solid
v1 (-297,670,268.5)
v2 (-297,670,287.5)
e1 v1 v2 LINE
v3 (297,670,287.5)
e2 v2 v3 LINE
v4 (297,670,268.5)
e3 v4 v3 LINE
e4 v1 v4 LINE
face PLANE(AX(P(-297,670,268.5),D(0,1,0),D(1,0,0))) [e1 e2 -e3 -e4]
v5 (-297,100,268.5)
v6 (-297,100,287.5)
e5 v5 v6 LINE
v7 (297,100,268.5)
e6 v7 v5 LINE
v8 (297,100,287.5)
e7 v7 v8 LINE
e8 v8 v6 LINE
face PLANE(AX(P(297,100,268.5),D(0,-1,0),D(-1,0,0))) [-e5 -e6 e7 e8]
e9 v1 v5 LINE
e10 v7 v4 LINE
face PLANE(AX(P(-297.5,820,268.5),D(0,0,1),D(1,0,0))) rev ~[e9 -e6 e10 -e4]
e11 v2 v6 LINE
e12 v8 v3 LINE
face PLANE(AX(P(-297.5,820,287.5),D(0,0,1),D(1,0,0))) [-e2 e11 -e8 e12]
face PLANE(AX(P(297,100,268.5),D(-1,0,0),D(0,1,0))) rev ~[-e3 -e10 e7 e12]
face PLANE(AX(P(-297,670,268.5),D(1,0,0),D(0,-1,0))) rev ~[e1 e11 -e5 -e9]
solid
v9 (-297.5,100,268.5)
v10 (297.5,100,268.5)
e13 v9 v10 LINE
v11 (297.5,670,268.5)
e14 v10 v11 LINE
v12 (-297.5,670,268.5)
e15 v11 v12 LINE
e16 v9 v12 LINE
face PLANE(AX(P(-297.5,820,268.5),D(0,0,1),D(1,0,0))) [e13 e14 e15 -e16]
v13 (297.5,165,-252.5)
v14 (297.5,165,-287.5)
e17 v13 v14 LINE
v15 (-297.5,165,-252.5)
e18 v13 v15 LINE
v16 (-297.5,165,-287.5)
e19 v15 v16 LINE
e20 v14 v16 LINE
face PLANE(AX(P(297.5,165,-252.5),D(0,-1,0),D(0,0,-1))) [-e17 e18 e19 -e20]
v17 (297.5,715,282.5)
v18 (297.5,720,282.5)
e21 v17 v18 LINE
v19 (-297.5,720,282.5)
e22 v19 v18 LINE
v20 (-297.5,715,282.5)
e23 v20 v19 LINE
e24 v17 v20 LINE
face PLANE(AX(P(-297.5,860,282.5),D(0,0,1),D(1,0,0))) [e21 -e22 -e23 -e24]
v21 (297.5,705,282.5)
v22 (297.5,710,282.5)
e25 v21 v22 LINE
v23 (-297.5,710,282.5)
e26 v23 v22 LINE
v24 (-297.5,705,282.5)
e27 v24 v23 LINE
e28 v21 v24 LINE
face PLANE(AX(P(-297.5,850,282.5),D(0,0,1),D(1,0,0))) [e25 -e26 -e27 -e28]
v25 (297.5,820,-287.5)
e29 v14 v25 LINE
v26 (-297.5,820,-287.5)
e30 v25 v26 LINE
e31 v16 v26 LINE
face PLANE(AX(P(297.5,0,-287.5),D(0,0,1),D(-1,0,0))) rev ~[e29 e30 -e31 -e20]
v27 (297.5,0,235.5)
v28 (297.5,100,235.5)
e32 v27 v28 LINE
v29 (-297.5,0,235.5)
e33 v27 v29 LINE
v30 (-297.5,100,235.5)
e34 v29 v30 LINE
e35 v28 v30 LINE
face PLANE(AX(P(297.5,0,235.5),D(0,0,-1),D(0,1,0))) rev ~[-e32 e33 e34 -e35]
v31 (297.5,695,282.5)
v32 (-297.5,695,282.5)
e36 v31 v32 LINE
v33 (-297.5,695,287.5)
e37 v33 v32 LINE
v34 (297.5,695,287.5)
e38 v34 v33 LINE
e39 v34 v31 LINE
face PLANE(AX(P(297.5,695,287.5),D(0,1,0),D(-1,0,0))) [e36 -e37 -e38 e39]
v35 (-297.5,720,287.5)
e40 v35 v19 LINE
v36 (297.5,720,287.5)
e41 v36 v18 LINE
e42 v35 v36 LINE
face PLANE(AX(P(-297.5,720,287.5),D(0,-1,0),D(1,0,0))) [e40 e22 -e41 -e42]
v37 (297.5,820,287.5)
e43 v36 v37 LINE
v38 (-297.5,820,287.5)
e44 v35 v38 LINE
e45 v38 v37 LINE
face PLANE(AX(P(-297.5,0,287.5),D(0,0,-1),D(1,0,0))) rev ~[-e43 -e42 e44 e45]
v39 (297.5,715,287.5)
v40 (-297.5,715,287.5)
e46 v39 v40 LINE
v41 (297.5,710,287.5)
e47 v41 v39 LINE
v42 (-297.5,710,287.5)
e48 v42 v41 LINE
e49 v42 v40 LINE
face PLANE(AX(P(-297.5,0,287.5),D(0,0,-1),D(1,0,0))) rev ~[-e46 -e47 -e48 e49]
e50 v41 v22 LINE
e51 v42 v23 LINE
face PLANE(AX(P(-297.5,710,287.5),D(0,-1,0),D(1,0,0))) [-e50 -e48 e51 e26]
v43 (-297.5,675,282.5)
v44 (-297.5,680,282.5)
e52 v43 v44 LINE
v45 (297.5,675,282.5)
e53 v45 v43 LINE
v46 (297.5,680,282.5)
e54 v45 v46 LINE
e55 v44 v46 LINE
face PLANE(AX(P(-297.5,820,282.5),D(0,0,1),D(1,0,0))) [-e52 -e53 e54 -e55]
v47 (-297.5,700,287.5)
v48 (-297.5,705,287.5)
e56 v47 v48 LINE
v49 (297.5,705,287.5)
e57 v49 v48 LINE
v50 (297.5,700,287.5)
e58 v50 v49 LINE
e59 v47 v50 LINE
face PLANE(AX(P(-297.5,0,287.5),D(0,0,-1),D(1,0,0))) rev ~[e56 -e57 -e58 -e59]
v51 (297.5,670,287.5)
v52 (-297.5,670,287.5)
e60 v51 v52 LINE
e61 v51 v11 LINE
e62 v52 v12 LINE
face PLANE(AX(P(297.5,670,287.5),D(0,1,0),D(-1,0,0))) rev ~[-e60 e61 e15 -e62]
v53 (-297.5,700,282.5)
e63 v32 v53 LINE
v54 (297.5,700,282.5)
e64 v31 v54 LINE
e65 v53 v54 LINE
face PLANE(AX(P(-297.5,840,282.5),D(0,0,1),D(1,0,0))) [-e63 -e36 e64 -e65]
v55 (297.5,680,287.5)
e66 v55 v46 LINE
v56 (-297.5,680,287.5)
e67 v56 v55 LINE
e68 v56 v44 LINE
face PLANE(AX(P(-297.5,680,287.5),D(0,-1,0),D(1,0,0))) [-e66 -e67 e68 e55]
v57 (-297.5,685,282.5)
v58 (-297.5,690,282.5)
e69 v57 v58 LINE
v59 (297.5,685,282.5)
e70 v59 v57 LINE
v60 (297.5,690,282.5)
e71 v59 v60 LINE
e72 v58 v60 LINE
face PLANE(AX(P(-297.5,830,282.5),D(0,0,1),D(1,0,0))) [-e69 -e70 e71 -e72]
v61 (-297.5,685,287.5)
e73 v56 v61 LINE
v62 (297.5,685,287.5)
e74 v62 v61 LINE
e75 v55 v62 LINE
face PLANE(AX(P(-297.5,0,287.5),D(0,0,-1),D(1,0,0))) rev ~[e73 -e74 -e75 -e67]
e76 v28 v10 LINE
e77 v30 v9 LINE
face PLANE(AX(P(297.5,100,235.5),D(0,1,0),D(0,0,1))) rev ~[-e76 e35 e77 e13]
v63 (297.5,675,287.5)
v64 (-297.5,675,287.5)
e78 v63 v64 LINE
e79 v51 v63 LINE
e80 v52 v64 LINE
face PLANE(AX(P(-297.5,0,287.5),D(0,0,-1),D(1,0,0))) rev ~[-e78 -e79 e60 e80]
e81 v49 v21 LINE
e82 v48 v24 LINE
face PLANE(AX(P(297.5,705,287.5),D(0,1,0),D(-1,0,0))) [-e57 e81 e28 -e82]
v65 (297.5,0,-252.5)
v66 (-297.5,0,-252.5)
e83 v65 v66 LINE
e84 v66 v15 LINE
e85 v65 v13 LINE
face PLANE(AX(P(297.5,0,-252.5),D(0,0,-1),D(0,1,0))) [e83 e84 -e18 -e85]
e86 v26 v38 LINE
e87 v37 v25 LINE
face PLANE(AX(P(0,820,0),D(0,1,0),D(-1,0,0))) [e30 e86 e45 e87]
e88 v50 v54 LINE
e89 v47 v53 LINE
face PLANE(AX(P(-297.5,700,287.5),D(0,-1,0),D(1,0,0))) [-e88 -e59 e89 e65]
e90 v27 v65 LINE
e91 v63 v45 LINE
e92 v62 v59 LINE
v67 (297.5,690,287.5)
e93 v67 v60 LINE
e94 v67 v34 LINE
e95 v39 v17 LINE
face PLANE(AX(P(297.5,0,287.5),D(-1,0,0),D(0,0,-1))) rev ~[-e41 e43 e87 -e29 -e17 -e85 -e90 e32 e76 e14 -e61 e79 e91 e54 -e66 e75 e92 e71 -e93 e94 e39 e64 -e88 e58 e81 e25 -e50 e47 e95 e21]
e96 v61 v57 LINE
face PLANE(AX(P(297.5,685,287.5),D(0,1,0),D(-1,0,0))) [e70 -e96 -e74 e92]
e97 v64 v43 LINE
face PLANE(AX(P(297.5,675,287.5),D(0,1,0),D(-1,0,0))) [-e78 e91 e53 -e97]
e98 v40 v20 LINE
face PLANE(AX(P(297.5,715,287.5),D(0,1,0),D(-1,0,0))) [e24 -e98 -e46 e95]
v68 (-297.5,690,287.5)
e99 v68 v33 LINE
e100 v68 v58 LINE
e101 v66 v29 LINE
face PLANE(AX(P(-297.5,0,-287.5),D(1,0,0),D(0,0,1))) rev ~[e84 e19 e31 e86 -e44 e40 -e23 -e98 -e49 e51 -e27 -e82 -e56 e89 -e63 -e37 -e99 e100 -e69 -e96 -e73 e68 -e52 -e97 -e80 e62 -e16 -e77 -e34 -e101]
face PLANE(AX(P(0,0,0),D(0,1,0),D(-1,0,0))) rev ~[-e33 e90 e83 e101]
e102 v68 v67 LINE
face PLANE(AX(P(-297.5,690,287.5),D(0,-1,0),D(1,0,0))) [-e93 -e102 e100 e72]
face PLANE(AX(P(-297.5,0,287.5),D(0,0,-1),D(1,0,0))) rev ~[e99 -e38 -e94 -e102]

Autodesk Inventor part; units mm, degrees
ref_plane "YZ Plane" through (0, 0, 0) normal (1, 0, 0) x (0, 1, 0)
ref_plane "XZ Plane" through (0, 0, 0) normal (0, 1, 0) x (-1, 0, 0)
ref_plane "XY Plane" through (0, 0, 0) normal (0, 0, 1) x (1, 0, 0)
sketch "Sketch1" plane through (0, 0, 0) normal (0, 1, 0) x (-1, 0, 0)
  line L0 (297.5, 287.5) -> (-297.5, 287.5)
  line L1 (-297.5, 287.5) -> (-297.5, -287.5)
  line L2 (-297.5, -287.5) -> (297.5, -287.5)
  line L3 (297.5, -287.5) -> (297.5, 287.5)
  line L4 (297.5, 287.5) -> (-297.5, -287.5) construction
  line L5 (-297.5, 287.5) -> (297.5, -287.5) construction
  point P0 (0, 0)
  dimension "d0" = 595
  dimension "d1" = 575
extrude "Extrusion1" add sketch "Sketch1" along normal blind 820
sketch "Sketch2" plane through (297.5, 0, 287.5) normal (1, 0, 0) x (0, 0, -1)
  line L0 (0, 0) -> (575, 0) projected
  line L1 (575, 0) -> (575, 820) projected
  line L2 (0, 820) -> (575, 820) projected
  line L3 (0, 0) -> (0, 820) projected
  line L4 (0, 0) -> (575, 0) projected
  line L5 (575, 0) -> (540, 0)
  line L6 (540, 0) -> (540, 165)
  line L7 (540, 165) -> (575, 165)
  line L8 (575, 165) -> (575, 0)
  point P0 (287.5, 0)
  dimension "d4" = 35
  dimension "d5" = 165
extrude "Extrusion2" cut sketch "Sketch2" against normal through all contours L6 L7 L1 L0
sketch "Sketch3" plane through (297.5, 0, 287.5) normal (1, 0, 0) x (0, 0, -1)
  line L0 (540, 0) -> (540, 165) projected
  line L1 (540, 165) -> (575, 165) projected
  line L2 (575, 165) -> (575, 820) projected
  line L3 (0, 820) -> (575, 820) projected
  line L4 (0, 0) -> (0, 820) projected
  line L5 (0, 0) -> (540, 0) projected
  line L6 (0, 0) -> (52, 0)
  line L7 (52, 0) -> (52, 100)
  line L8 (52, 100) -> (0, 100)
  line L9 (0, 100) -> (0, 0)
  point P0 (287.5, 0)
  dimension "d8" = 52
  dimension "d9" = 100
extrude "Extrusion3" cut sketch "Sketch3" against normal through all contours L5 L4 L8 L7
sketch "Sketch4" plane through (-297.5, 820, 287.5) normal (0, 0, 1) x (1, 0, 0)
  line L0 (0, -720) -> (595, -720) projected
  line L1 (595, -720) -> (595, 0) projected
  line L2 (0, 0) -> (595, 0) projected
  line L3 (0, -720) -> (0, 0) projected
  line L4 (595, -720) -> (595, 0) projected
  line L5 (0, -720) -> (595, -720)
  line L6 (595, -720) -> (595, -150)
  line L7 (595, -150) -> (0, -150)
  line L8 (0, -150) -> (0, -720)
  point P0 (297.5, -820)
  dimension "d12" = 570
extrude "Extrusion4" cut sketch "Sketch4" against normal blind 19 contours L3 L7 L1 L0
sketch "Sketch5" plane through (-297.5, 820, 268.5) normal (0, 0, 1) x (1, 0, 0)
  line L0 (595, -720) -> (0, -720) projected
  line L1 (595, -150) -> (595, -720) projected
  line L2 (0, -150) -> (595, -150) projected
  line L3 (0, -720) -> (0, -150) projected
  line L4 (0.5, -720) -> (594.5, -720)
  line L5 (594.5, -720) -> (594.5, -150)
  line L6 (594.5, -150) -> (0.5, -150)
  line L7 (0.5, -150) -> (0.5, -720)
  point P0 (297.5, -820)
  dimension "d15" = 0.5
  dimension "d16" = 0.5
extrude "Extrusion5" add sketch "Sketch5" along normal blind 19 separate body contours L0 L7 L2 L5
sketch "Sketch6" plane through (-297.5, 820, 287.5) normal (0, 0, 1) x (1, 0, 0)
  line L0 (0, -150) -> (595, -150) projected
  line L1 (595, -150) -> (595, 0) projected
  line L2 (0, 0) -> (595, 0) projected
  line L3 (0, -150) -> (0, 0) projected
  line L4 (595, -145) -> (0, -145)
  line L5 (0, -145) -> (0, -140)
  line L6 (0, -140) -> (595, -140)
  line L7 (595, -140) -> (595, -145)
  point P0 (297.5, -820)
  dimension "d19" = 5
  dimension "d20" = 5
extrude "Extrusion6" cut sketch "Sketch6" against normal blind 5 contours L3 L6 L1 L4 bodies 1
pattern_linear "Rectangular Pattern1" count 5 spacing 10 along (0, 1, 0) of "Extrusion6" bodies 1
properties part number "mieleWT946" material "ABS Plastic"
